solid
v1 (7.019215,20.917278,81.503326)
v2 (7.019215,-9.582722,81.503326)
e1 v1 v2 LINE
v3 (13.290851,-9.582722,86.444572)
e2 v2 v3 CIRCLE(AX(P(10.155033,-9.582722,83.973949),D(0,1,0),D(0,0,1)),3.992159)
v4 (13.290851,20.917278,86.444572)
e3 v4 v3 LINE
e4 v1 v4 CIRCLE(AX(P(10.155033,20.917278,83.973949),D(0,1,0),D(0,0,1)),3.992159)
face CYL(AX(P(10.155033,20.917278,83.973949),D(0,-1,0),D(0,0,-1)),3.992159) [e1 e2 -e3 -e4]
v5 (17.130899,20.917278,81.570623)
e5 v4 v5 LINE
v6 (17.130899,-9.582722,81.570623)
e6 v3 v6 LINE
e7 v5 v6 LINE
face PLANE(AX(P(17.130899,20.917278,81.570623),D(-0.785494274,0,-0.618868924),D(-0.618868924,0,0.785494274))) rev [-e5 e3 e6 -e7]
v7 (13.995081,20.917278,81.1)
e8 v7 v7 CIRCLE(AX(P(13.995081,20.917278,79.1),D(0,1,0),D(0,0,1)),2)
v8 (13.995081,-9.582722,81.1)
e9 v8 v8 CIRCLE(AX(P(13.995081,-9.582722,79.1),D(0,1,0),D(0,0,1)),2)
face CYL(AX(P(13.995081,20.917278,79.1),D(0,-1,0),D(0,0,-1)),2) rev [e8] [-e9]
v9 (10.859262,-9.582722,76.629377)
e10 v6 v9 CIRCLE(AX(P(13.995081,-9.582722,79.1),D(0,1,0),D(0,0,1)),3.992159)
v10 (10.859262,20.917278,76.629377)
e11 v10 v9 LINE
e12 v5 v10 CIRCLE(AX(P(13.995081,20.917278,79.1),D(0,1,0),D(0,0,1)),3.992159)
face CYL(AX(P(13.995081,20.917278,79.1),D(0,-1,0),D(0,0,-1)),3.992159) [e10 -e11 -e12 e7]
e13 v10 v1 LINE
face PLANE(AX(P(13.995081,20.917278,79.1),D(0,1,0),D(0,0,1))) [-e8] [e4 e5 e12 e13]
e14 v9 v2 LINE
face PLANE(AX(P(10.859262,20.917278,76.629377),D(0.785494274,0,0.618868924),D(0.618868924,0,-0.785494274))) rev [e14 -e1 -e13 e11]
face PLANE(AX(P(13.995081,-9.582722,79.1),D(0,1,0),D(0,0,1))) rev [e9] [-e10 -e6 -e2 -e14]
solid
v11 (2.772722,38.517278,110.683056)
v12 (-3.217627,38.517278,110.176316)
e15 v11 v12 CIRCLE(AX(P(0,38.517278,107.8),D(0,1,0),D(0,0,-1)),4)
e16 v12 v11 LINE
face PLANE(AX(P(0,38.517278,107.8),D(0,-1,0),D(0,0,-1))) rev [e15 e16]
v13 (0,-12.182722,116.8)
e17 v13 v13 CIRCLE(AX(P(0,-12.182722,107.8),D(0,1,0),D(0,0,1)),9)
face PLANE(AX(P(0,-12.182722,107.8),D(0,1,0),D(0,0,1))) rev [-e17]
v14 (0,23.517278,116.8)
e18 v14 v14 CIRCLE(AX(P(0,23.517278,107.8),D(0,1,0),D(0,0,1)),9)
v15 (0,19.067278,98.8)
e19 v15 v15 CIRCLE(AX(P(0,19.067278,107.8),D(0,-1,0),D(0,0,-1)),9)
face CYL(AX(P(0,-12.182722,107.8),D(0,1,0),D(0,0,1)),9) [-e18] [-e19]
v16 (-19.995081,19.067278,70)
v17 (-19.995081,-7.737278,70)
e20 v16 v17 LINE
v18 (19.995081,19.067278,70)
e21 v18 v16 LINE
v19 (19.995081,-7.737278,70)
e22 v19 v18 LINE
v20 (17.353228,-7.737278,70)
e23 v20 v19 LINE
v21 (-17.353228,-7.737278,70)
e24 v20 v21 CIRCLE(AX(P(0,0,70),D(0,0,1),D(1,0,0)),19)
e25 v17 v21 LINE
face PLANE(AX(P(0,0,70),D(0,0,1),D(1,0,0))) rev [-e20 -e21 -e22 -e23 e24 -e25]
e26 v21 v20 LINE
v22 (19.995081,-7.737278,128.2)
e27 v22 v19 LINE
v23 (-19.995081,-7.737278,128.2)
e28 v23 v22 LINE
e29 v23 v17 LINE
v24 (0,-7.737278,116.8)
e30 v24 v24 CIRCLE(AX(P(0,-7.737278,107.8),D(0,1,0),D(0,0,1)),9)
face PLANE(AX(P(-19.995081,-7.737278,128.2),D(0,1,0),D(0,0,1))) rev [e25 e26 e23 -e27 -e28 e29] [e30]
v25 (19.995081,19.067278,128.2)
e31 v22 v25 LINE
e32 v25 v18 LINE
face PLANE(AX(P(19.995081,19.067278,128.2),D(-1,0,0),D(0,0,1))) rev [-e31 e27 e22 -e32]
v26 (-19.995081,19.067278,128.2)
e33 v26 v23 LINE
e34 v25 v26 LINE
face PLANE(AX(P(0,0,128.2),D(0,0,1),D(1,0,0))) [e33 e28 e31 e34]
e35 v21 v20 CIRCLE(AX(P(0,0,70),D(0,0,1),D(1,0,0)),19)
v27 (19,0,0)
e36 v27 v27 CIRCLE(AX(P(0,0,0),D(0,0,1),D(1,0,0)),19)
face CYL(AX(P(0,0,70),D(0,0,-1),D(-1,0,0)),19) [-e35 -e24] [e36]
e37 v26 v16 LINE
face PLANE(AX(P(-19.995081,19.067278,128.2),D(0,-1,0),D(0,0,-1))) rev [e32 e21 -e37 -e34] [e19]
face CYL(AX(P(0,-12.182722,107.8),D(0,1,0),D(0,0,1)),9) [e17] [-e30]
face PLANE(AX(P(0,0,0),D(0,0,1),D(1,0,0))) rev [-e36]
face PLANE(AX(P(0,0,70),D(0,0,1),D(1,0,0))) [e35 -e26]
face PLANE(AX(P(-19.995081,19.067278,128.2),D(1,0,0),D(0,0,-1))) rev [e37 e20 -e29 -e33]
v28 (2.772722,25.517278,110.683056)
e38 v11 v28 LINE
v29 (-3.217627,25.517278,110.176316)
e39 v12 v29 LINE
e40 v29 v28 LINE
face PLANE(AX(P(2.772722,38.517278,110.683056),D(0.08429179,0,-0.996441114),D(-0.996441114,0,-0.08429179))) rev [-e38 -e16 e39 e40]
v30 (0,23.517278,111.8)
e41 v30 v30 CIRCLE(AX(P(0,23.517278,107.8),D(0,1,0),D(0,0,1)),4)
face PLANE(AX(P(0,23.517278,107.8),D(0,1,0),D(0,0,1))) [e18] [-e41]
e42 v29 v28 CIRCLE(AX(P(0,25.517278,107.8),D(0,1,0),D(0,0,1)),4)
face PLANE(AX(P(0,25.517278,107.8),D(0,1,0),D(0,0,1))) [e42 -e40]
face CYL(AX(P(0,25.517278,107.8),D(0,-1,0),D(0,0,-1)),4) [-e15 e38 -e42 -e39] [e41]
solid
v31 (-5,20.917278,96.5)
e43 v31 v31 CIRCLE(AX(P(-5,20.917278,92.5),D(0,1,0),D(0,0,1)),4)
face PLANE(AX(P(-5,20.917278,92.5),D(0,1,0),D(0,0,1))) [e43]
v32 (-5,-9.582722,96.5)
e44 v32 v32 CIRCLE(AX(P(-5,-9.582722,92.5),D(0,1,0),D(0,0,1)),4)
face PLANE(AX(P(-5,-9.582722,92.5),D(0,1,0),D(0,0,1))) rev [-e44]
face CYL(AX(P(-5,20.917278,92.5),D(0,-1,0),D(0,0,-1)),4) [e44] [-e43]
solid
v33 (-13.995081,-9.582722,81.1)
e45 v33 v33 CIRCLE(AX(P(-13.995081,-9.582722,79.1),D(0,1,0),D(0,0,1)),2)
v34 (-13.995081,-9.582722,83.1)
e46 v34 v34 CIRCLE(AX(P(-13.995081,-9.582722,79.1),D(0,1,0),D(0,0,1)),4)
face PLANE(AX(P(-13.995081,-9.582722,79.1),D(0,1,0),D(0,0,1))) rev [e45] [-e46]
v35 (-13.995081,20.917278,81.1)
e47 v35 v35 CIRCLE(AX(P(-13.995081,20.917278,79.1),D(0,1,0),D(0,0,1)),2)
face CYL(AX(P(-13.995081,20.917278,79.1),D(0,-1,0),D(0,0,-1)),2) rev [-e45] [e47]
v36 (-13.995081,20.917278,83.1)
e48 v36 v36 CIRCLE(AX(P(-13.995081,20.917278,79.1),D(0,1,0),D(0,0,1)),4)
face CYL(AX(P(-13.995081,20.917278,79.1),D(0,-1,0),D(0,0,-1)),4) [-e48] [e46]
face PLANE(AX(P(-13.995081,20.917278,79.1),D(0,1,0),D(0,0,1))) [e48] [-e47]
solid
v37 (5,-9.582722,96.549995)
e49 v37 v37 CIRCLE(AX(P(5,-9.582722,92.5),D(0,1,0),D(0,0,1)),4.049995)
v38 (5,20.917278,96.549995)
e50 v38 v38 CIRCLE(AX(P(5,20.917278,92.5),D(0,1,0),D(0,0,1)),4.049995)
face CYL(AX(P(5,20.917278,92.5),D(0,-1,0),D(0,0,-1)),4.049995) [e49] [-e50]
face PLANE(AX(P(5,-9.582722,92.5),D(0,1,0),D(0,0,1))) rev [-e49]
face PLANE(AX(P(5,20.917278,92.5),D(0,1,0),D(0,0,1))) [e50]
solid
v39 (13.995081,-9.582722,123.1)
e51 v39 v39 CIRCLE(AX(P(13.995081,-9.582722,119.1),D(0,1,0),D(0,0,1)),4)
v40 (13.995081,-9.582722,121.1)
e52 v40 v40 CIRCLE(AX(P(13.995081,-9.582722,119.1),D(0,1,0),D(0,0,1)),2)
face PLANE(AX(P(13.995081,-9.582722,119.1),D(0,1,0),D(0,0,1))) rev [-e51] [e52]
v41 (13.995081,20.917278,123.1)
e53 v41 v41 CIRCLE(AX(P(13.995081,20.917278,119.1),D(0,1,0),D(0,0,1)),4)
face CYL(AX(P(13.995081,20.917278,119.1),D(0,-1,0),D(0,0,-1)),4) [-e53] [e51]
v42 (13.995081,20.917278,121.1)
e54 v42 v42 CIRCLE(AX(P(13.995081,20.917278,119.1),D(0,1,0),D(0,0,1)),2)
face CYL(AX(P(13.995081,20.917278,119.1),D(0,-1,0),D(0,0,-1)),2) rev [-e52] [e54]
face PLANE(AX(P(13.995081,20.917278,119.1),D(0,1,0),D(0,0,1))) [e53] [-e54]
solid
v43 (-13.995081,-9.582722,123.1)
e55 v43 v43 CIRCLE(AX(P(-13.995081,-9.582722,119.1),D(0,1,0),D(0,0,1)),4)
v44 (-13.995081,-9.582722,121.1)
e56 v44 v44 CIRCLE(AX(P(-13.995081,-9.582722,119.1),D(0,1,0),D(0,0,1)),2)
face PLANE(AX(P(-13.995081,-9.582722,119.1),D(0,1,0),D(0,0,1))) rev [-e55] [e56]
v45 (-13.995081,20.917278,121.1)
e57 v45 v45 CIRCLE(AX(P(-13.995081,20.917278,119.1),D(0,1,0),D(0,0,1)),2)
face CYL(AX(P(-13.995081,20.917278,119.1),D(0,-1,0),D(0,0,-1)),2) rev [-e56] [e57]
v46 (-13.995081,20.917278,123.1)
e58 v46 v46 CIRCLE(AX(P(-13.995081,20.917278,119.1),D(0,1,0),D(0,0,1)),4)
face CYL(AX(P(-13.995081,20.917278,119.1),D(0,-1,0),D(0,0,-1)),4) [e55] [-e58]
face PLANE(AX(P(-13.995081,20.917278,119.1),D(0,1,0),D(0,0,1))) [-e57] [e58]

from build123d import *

# Parameters (mm, degrees)
SKETCH_1_R                = 19
EXTRUDE_424_DEPTH         = 70
SKETCH_2_W                = 39.990162
SKETCH_2_H                = 26.804556
EXTRUDE_710_DEPTH         = 58.2
SKETCH_3_R                = 4
SKETCH_3_R_2              = 2
EXTRUDE_1264_DEPTH        = 1.85
EXTRUDE_1264_DEPTH_BACK   = 28.65
EXTRUDE_1264_2_DEPTH      = 1.85
EXTRUDE_1264_2_DEPTH_BACK = 28.65
EXTRUDE_1264_3_DEPTH      = 1.85
EXTRUDE_1264_3_DEPTH_BACK = 28.65
SKETCH_3_R_3              = 9
EXTRUDE_1264_4_DEPTH      = 1.85
EXTRUDE_1264_4_DEPTH_BACK = 28.65
SKETCH_3_R_4              = 4.049995
EXTRUDE_1264_5_DEPTH      = 1.85
EXTRUDE_1264_5_DEPTH_BACK = 28.65
EXTRUDE_1264_6_DEPTH      = 1.85
EXTRUDE_1264_6_DEPTH_BACK = 28.65
EXTRUDE_1264_7_DEPTH      = 1.85
EXTRUDE_1264_7_DEPTH_BACK = 28.65
SKETCH_5_R                = 9
EXTRUDE_1445_DEPTH        = 2.6
EXTRUDE_1445_DEPTH_BACK   = 33.1
SKETCH_6_R                = 4
EXTRUDE_1548_DEPTH        = 2
EXTRUDE_D_DEPTH           = 13


with BuildPart() as part:
    # 草图1 → Extrude 424 (new body)
    with BuildSketch(Plane.XY):
        Circle(SKETCH_1_R)
    extrude(amount=EXTRUDE_424_DEPTH)

    # 草图2 → Extrude 710 (add)
    with BuildSketch(Plane.XY.offset(70)):
        with Locations((0, 5.665)):
            Rectangle(SKETCH_2_W, SKETCH_2_H)
    extrude(amount=EXTRUDE_710_DEPTH)



with BuildPart() as body_2:
    # 草图3 → Extrude 1264 (new body, two sides)
    with BuildSketch(Plane(origin=(0, 19.067278, 0), x_dir=(1, 0, 0), z_dir=(0, 1, 0))) as extrude_1264_sk:
        with Locations((13.995081, -119.1)):
            Circle(SKETCH_3_R)
        with Locations((13.995081, -119.1)):
            Circle(SKETCH_3_R_2, mode=Mode.SUBTRACT)
    extrude(amount=EXTRUDE_1264_DEPTH)
    extrude(extrude_1264_sk.sketch, amount=-EXTRUDE_1264_DEPTH_BACK)


with BuildPart() as body_3:
    # 草图3 → Extrude 1264 2 (new body, two sides)
    with BuildSketch(Plane(origin=(0, 19.067278, 0), x_dir=(1, 0, 0), z_dir=(0, 1, 0))) as extrude_1264_2_sk:
        with Locations((-13.995081, -119.1)):
            Circle(SKETCH_3_R)
        with Locations((-13.995081, -119.1)):
            Circle(SKETCH_3_R_2, mode=Mode.SUBTRACT)
    extrude(amount=EXTRUDE_1264_2_DEPTH)
    extrude(extrude_1264_2_sk.sketch, amount=-EXTRUDE_1264_2_DEPTH_BACK)


with BuildPart() as body_4:
    # 草图3 → Extrude 1264 3 (new body, two sides)
    with BuildSketch(Plane(origin=(0, 19.067278, 0), x_dir=(1, 0, 0), z_dir=(0, 1, 0))) as extrude_1264_3_sk:
        with Locations((-13.995081, -79.1)):
            Circle(SKETCH_3_R)
        with Locations((-13.995081, -79.1)):
            Circle(SKETCH_3_R_2, mode=Mode.SUBTRACT)
    extrude(amount=EXTRUDE_1264_3_DEPTH)
    extrude(extrude_1264_3_sk.sketch, amount=-EXTRUDE_1264_3_DEPTH_BACK)


with BuildPart() as body_5:
    # 草图3 → Extrude 1264 4 (new body, two sides)
    with BuildSketch(Plane(origin=(0, 19.067278, 0), x_dir=(1, 0, 0), z_dir=(0, 1, 0))) as extrude_1264_4_sk:
        with Locations((0, -107.8)):
            Circle(SKETCH_3_R_3)
    extrude(amount=EXTRUDE_1264_4_DEPTH)
    extrude(extrude_1264_4_sk.sketch, amount=-EXTRUDE_1264_4_DEPTH_BACK)


with BuildPart() as body_6:
    # 草图3 → Extrude 1264 5 (new body, two sides)
    with BuildSketch(Plane(origin=(0, 19.067278, 0), x_dir=(1, 0, 0), z_dir=(0, 1, 0))) as extrude_1264_5_sk:
        with Locations((5, -92.5)):
            Circle(SKETCH_3_R_4)
    extrude(amount=EXTRUDE_1264_5_DEPTH)
    extrude(extrude_1264_5_sk.sketch, amount=-EXTRUDE_1264_5_DEPTH_BACK)


with BuildPart() as body_7:
    # 草图3 → Extrude 1264 6 (new body, two sides)
    with BuildSketch(Plane(origin=(0, 19.067278, 0), x_dir=(1, 0, 0), z_dir=(0, 1, 0))) as extrude_1264_6_sk:
        with Locations((-5, -92.5)):
            Circle(SKETCH_3_R)
    extrude(amount=EXTRUDE_1264_6_DEPTH)
    extrude(extrude_1264_6_sk.sketch, amount=-EXTRUDE_1264_6_DEPTH_BACK)


with BuildPart() as body_8:
    # 草图3 → Extrude 1264 7 (new body, two sides)
    with BuildSketch(Plane(origin=(0, 19.067278, 0), x_dir=(1, 0, 0), z_dir=(0, 1, 0))) as extrude_1264_7_sk:
        with BuildLine():
            Line((17.130899, -81.570623), (13.290851, -86.444572))
            ThreePointArc((13.290851, -86.444572), (7.68441, -87.109767), (7.019215, -81.503326))
            Line((7.019215, -81.503326), (10.859262, -76.629377))
            ThreePointArc((10.859262, -76.629377), (16.465704, -75.964182), (17.130899, -81.570623))
        make_face()
        with Locations((13.995081, -79.1)):
            Circle(SKETCH_3_R_2, mode=Mode.SUBTRACT)
    extrude(amount=EXTRUDE_1264_7_DEPTH)
    extrude(extrude_1264_7_sk.sketch, amount=-EXTRUDE_1264_7_DEPTH_BACK)


with BuildPart() as part_1:
    add(part.part)

    add(body_5.part)  # Extrude 1445 merges body 5
    # 草图5 → Extrude 1445 (add, two sides)
    with BuildSketch(Plane(origin=(0, 20.917278, 0), x_dir=(1, 0, 0), z_dir=(0, 1, 0))) as extrude_1445_sk:
        with Locations((0, -107.8)):
            Circle(SKETCH_5_R)
    extrude(amount=EXTRUDE_1445_DEPTH)
    extrude(extrude_1445_sk.sketch, amount=-EXTRUDE_1445_DEPTH_BACK)

    # 草图6 → Extrude 1548 (add)
    with BuildSketch(Plane(origin=(0, 23.517278, 0), x_dir=(1, 0, 0), z_dir=(0, 1, 0))):
        with Locations((0, -107.8)):
            Circle(SKETCH_6_R)
    extrude(amount=EXTRUDE_1548_DEPTH)

    # 草图7 → D型轴 (add)
    with BuildSketch(Plane(origin=(0, 25.517278, 0), x_dir=(1, 0, 0), z_dir=(0, 1, 0))):
        with BuildLine():
            Line((2.772722, -110.683056), (-3.217627, -110.176316))
            ThreePointArc((-3.217627, -110.176316), (0.337167, -103.814236), (2.772722, -110.683056))
        make_face()
    extrude(amount=EXTRUDE_D_DEPTH)


solid = Compound([body_2.part, body_3.part, body_4.part, body_6.part, body_7.part, body_8.part, part_1.part])
